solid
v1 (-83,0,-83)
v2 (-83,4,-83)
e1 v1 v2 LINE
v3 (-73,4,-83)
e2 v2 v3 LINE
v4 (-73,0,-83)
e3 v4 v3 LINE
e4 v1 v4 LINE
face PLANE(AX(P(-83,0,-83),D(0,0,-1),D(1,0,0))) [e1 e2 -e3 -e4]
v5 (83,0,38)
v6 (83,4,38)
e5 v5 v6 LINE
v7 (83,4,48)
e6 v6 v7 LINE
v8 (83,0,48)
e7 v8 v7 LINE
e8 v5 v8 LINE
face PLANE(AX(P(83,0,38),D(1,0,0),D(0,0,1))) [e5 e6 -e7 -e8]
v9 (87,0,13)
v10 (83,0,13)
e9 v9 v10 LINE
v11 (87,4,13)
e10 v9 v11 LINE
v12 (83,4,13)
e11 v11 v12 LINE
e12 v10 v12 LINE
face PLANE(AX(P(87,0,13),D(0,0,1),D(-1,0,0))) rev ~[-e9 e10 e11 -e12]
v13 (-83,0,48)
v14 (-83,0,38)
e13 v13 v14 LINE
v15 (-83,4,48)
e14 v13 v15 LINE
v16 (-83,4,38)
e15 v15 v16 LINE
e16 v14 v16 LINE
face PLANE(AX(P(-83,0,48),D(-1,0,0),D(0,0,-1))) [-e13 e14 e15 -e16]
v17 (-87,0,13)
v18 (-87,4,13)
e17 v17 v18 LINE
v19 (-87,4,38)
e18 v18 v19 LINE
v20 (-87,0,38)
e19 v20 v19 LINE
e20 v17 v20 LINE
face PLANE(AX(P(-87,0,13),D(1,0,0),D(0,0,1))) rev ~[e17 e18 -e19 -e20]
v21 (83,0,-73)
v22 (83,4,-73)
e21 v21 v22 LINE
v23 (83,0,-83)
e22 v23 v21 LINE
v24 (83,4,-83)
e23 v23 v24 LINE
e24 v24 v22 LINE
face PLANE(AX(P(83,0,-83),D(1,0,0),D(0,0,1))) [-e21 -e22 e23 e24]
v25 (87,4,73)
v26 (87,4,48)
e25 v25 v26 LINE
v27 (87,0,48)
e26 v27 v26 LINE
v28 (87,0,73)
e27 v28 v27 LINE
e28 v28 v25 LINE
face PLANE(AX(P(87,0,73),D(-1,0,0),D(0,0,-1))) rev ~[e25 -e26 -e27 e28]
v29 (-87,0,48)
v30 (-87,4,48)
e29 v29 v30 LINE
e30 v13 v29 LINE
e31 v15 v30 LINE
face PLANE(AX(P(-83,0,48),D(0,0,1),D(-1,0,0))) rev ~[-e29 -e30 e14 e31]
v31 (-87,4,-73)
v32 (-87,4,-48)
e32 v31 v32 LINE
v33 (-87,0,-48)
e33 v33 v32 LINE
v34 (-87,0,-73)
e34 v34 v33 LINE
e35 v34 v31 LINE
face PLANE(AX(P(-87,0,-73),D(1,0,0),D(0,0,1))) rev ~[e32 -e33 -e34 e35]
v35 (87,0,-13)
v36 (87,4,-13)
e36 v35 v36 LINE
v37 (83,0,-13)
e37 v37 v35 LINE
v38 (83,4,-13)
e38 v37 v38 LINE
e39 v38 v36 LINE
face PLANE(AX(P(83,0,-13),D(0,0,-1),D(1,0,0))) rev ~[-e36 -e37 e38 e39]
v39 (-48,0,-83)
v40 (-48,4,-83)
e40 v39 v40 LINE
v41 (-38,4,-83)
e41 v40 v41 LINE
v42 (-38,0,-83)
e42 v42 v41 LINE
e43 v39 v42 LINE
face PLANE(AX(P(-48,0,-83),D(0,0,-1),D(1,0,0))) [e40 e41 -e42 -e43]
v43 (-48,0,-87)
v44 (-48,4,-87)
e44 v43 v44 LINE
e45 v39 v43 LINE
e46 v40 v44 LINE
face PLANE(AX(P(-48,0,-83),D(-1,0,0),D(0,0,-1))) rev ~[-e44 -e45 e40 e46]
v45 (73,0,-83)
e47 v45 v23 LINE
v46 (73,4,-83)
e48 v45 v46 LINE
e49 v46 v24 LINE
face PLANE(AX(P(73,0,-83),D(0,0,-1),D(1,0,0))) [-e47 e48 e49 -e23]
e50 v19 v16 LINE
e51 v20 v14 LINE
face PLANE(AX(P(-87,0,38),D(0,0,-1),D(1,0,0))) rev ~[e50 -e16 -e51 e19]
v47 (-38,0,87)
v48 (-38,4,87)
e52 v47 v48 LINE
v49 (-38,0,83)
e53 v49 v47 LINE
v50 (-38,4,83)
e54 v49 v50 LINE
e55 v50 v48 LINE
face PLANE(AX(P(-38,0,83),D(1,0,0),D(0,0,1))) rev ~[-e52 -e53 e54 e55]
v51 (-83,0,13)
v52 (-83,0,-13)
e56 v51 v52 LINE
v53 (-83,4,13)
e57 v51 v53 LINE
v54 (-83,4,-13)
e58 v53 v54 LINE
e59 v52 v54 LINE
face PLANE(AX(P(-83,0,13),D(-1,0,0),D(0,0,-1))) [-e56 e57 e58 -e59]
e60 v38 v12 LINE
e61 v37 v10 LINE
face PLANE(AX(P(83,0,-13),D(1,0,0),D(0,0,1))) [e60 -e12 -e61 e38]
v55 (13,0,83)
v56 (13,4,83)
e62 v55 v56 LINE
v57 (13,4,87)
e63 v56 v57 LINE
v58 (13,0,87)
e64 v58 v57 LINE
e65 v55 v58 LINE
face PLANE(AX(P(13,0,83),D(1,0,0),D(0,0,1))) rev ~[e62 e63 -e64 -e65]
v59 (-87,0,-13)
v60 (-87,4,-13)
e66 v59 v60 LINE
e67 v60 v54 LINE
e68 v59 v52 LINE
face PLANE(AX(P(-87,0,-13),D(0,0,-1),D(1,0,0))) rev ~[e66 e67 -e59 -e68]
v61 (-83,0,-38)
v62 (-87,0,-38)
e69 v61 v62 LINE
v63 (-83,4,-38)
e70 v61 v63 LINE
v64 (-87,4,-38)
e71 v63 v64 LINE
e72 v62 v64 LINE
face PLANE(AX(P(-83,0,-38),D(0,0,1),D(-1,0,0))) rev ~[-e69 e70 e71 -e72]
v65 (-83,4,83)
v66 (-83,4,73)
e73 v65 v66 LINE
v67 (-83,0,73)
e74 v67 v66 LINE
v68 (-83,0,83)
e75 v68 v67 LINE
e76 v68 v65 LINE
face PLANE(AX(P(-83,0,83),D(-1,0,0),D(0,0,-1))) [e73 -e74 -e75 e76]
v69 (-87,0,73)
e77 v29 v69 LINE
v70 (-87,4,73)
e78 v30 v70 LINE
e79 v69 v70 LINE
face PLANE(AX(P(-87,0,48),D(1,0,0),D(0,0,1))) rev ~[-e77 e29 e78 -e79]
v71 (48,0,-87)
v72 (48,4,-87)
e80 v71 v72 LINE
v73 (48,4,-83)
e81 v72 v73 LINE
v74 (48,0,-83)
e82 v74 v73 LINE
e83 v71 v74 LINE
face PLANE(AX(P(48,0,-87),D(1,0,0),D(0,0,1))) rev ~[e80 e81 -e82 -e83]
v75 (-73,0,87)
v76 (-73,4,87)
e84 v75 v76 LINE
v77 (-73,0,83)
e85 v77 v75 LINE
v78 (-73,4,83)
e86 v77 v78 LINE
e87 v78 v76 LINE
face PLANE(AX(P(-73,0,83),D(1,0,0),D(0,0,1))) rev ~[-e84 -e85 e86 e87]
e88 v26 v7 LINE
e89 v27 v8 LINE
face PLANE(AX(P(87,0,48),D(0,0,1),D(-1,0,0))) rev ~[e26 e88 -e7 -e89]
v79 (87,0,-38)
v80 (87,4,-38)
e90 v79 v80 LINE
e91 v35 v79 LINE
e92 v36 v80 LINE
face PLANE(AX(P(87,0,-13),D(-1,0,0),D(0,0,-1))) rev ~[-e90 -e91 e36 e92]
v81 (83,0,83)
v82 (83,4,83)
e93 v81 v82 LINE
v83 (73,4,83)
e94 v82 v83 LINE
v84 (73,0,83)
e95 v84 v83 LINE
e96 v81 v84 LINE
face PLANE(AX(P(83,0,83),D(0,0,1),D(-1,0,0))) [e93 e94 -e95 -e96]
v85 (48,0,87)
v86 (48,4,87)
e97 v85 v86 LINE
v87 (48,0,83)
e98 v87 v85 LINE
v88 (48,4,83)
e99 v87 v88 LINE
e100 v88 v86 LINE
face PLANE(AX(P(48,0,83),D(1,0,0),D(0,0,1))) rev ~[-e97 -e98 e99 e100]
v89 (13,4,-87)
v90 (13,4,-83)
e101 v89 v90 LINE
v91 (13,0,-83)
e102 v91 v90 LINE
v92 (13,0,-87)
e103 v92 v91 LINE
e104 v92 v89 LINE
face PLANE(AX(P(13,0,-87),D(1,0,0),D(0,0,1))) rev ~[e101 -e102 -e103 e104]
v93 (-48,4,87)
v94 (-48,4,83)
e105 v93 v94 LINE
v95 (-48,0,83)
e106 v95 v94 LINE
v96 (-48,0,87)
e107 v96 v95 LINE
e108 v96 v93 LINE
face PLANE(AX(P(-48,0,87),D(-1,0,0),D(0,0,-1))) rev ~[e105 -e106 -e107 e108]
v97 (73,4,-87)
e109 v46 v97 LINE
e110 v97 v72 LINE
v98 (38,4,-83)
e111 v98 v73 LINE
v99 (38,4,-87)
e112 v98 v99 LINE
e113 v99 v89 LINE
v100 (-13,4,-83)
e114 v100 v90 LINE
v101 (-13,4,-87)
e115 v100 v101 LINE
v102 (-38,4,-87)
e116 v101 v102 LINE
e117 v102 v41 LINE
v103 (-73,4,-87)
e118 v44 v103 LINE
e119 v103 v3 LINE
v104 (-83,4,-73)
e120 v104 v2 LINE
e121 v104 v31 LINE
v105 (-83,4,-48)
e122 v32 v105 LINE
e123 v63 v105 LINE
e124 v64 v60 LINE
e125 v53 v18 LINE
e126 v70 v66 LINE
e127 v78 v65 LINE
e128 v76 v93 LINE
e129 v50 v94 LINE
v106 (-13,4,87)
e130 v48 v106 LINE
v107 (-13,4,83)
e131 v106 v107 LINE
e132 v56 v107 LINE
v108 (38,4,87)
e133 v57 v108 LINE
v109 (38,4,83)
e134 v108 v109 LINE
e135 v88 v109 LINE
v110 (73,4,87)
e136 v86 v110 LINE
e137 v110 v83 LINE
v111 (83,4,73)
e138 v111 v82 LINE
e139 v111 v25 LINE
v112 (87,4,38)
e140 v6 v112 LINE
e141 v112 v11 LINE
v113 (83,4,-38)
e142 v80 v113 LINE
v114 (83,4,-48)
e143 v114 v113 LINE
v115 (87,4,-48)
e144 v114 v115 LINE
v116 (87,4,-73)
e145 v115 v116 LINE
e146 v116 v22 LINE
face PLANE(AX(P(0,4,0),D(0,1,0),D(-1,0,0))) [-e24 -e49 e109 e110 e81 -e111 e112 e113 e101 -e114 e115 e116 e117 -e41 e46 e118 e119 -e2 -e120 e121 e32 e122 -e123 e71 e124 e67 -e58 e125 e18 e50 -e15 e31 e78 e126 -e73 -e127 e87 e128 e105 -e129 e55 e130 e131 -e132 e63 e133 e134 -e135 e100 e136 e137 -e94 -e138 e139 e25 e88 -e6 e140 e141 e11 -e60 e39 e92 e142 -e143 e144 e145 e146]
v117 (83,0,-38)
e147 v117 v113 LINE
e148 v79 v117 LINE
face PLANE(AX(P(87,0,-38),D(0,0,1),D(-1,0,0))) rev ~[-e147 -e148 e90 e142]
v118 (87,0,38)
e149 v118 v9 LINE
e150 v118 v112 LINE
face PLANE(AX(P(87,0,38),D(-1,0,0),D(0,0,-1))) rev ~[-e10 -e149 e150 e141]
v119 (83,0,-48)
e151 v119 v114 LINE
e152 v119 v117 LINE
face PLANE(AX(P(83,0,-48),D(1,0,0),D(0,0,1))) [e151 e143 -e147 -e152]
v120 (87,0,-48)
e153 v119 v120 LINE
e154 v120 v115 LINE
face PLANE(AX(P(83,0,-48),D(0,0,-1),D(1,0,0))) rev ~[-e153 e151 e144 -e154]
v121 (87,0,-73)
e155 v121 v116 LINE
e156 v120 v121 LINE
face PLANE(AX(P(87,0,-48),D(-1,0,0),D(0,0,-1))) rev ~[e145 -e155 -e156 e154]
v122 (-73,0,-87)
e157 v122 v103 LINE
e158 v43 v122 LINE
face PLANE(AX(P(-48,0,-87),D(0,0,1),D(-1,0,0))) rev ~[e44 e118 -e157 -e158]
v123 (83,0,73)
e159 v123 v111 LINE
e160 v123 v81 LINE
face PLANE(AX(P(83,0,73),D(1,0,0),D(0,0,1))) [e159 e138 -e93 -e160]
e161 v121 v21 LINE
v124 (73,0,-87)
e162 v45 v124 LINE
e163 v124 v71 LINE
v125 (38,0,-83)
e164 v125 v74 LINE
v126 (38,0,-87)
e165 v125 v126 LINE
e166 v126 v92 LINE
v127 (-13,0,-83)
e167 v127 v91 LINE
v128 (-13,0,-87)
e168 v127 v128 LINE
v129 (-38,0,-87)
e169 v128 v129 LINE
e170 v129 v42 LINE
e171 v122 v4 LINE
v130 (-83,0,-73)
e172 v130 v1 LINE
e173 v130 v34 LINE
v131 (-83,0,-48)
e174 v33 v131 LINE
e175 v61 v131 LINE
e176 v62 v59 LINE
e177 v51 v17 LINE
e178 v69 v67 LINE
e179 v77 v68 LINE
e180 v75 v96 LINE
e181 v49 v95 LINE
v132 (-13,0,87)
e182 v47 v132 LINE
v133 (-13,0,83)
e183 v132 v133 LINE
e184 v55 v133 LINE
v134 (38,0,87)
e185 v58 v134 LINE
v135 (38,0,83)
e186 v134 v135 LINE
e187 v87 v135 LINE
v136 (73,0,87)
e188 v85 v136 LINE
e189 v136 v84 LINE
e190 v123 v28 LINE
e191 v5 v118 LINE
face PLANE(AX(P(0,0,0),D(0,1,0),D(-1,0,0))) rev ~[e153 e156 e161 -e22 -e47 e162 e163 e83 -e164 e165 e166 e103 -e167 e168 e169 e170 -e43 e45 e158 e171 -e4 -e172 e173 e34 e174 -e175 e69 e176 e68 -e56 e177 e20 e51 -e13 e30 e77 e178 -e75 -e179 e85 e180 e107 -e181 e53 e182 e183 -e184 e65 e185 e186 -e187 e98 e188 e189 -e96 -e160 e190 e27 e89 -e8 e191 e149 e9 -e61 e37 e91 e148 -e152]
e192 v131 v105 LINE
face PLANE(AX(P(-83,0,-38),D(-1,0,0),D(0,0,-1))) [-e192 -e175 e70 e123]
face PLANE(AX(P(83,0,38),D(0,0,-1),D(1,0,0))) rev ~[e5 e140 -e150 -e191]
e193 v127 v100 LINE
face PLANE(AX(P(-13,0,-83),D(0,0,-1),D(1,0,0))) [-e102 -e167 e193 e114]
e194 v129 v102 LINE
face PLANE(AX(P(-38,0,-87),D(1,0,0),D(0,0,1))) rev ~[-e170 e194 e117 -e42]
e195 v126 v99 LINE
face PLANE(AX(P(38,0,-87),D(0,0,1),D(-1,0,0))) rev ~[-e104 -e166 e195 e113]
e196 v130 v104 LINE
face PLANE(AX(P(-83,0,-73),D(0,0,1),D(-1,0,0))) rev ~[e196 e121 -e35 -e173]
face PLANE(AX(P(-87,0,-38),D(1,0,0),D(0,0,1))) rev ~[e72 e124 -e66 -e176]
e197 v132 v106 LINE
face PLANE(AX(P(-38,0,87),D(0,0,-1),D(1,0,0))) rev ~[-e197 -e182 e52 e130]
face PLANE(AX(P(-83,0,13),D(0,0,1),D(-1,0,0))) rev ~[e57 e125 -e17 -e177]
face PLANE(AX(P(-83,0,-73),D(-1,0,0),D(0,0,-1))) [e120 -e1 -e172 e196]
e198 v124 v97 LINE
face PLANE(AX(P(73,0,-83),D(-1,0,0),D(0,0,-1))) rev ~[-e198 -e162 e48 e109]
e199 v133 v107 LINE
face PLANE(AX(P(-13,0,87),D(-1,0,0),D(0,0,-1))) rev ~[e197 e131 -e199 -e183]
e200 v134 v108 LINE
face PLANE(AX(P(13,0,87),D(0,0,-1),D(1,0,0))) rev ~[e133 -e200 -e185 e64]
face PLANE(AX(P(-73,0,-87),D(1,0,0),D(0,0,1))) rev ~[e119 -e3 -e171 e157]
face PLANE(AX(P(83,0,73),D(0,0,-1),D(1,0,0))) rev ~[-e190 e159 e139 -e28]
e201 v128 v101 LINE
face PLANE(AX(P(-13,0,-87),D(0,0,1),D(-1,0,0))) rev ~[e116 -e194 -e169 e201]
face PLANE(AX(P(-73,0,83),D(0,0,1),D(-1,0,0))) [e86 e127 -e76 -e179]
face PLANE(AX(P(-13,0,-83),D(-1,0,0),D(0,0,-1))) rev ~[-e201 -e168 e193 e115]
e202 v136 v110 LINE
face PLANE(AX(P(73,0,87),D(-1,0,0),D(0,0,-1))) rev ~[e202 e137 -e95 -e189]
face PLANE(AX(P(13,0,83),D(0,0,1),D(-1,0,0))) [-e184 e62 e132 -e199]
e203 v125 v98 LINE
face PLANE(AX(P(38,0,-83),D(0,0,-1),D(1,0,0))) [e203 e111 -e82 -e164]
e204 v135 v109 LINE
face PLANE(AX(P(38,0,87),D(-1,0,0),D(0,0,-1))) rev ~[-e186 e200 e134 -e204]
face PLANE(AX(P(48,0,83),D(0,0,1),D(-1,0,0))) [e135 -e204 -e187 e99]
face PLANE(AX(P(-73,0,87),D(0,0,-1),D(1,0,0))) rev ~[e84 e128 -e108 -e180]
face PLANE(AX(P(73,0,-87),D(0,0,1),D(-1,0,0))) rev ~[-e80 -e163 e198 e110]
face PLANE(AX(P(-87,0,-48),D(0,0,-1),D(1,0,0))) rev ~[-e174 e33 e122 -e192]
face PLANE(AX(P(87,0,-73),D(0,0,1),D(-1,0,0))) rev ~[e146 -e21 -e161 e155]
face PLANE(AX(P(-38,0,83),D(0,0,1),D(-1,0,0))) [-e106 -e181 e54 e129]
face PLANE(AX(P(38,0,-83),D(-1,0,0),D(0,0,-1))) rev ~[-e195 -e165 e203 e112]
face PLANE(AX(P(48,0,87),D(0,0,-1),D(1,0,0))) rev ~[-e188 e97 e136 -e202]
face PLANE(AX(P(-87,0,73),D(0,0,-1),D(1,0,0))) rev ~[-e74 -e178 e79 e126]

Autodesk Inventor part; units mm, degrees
ref_plane "YZ Plane" through (0, 0, 0) normal (1, 0, 0) x (0, 1, 0)
ref_plane "XZ Plane" through (0, 0, 0) normal (0, 1, 0) x (-1, 0, 0)
ref_plane "XY Plane" through (0, 0, 0) normal (0, 0, 1) x (1, 0, 0)
sketch "Sketch1" plane through (0, 0, 0) normal (0, 1, 0) x (-1, 0, 0)
  line L0 (-83, 83) -> (83, 83)
  line L1 (83, 83) -> (83, -83)
  line L2 (83, -83) -> (-83, -83)
  line L3 (-83, -83) -> (-83, 83)
  line L4 (-83, 83) -> (83, -83) construction
  line L5 (83, 83) -> (-83, -83) construction
  circle A0 centre (72, -72) radius 6 construction
  circle A1 centre (56, -72) radius 6 construction
  circle A2 centre (40, -72) radius 6 construction
  circle A3 centre (24, -72) radius 6 construction
  circle A4 centre (8, -72) radius 6 construction
  circle A5 centre (-8, -72) radius 6 construction
  circle A6 centre (-24, -72) radius 6 construction
  circle A7 centre (-40, -72) radius 6 construction
  circle A8 centre (-56, -72) radius 6 construction
  circle A9 centre (-72, -72) radius 6 construction
  circle A10 centre (72, -56) radius 6 construction
  circle A11 centre (56, -56) radius 6 construction
  circle A12 centre (40, -56) radius 6 construction
  circle A13 centre (24, -56) radius 6 construction
  circle A14 centre (8, -56) radius 6 construction
  circle A15 centre (-8, -56) radius 6 construction
  circle A16 centre (-24, -56) radius 6 construction
  circle A17 centre (-40, -56) radius 6 construction
  circle A18 centre (-56, -56) radius 6 construction
  circle A19 centre (-72, -56) radius 6 construction
  circle A20 centre (72, -40) radius 6 construction
  circle A21 centre (56, -40) radius 6 construction
  circle A22 centre (40, -40) radius 6 construction
  circle A23 centre (24, -40) radius 6 construction
  circle A24 centre (8, -40) radius 6 construction
  circle A25 centre (-8, -40) radius 6 construction
  circle A26 centre (-24, -40) radius 6 construction
  circle A27 centre (-40, -40) radius 6 construction
  circle A28 centre (-56, -40) radius 6 construction
  circle A29 centre (-72, -40) radius 6 construction
  circle A30 centre (72, -24) radius 6 construction
  circle A31 centre (56, -24) radius 6 construction
  circle A32 centre (40, -24) radius 6 construction
  circle A33 centre (24, -24) radius 6 construction
  circle A34 centre (8, -24) radius 6 construction
  circle A35 centre (-8, -24) radius 6 construction
  circle A36 centre (-24, -24) radius 6 construction
  circle A37 centre (-40, -24) radius 6 construction
  circle A38 centre (-56, -24) radius 6 construction
  circle A39 centre (-72, -24) radius 6 construction
  circle A40 centre (72, -8) radius 6 construction
  circle A41 centre (56, -8) radius 6 construction
  circle A42 centre (40, -8) radius 6 construction
  circle A43 centre (24, -8) radius 6 construction
  circle A44 centre (8, -8) radius 6 construction
  circle A45 centre (-8, -8) radius 6 construction
  circle A46 centre (-24, -8) radius 6 construction
  circle A47 centre (-40, -8) radius 6 construction
  circle A48 centre (-56, -8) radius 6 construction
  circle A49 centre (-72, -8) radius 6 construction
  circle A50 centre (72, 8) radius 6 construction
  circle A51 centre (56, 8) radius 6 construction
  circle A52 centre (40, 8) radius 6 construction
  circle A53 centre (24, 8) radius 6 construction
  circle A54 centre (8, 8) radius 6 construction
  circle A55 centre (-8, 8) radius 6 construction
  circle A56 centre (-24, 8) radius 6 construction
  circle A57 centre (-40, 8) radius 6 construction
  circle A58 centre (-56, 8) radius 6 construction
  circle A59 centre (-72, 8) radius 6 construction
  circle A60 centre (72, 24) radius 6 construction
  circle A61 centre (56, 24) radius 6 construction
  circle A62 centre (40, 24) radius 6 construction
  circle A63 centre (24, 24) radius 6 construction
  circle A64 centre (8, 24) radius 6 construction
  circle A65 centre (-8, 24) radius 6 construction
  circle A66 centre (-24, 24) radius 6 construction
  circle A67 centre (-40, 24) radius 6 construction
  circle A68 centre (-56, 24) radius 6 construction
  circle A69 centre (-72, 24) radius 6 construction
  circle A70 centre (72, 40) radius 6 construction
  circle A71 centre (56, 40) radius 6 construction
  circle A72 centre (40, 40) radius 6 construction
  circle A73 centre (24, 40) radius 6 construction
  circle A74 centre (8, 40) radius 6 construction
  circle A75 centre (-8, 40) radius 6 construction
  circle A76 centre (-24, 40) radius 6 construction
  circle A77 centre (-40, 40) radius 6 construction
  circle A78 centre (-56, 40) radius 6 construction
  circle A79 centre (-72, 40) radius 6 construction
  circle A80 centre (72, 56) radius 6 construction
  circle A81 centre (56, 56) radius 6 construction
  circle A82 centre (40, 56) radius 6 construction
  circle A83 centre (24, 56) radius 6 construction
  circle A84 centre (8, 56) radius 6 construction
  circle A85 centre (-8, 56) radius 6 construction
  circle A86 centre (-24, 56) radius 6 construction
  circle A87 centre (-40, 56) radius 6 construction
  circle A88 centre (-56, 56) radius 6 construction
  circle A89 centre (-72, 56) radius 6 construction
  circle A90 centre (72, 72) radius 6 construction
  circle A91 centre (56, 72) radius 6 construction
  circle A92 centre (40, 72) radius 6 construction
  circle A93 centre (24, 72) radius 6 construction
  circle A94 centre (8, 72) radius 6 construction
  circle A95 centre (-8, 72) radius 6 construction
  circle A96 centre (-24, 72) radius 6 construction
  circle A97 centre (-40, 72) radius 6 construction
  circle A98 centre (-56, 72) radius 6 construction
  circle A99 centre (-72, 72) radius 6 construction
  line L6 (72, -72) -> (-72, 72) construction
  line L7 (83, -73) -> (87, -73)
  line L8 (87, -73) -> (87, -48)
  line L9 (87, -48) -> (83, -48)
  line L10 (83, -48) -> (83, -73)
  line L11 (73, -83) -> (48, -83)
  line L12 (48, -83) -> (48, -87)
  line L13 (48, -87) -> (73, -87)
  line L14 (73, -87) -> (73, -83)
  line L15 (83, -38) -> (87, -38)
  line L16 (87, -38) -> (87, -13)
  line L17 (87, -13) -> (83, -13)
  line L18 (83, -13) -> (83, -38)
  line L19 (38, -83) -> (13, -83)
  line L20 (13, -83) -> (13, -87)
  line L21 (13, -87) -> (38, -87)
  line L22 (38, -87) -> (38, -83)
  line L23 (73, 83) -> (73, 87)
  line L24 (13, 87) -> (13, 83)
  line L25 (13, 83) -> (38, 83)
  line L26 (38, 83) -> (38, 87)
  line L27 (48, 87) -> (48, 83)
  line L28 (48, 83) -> (73, 83)
  line L29 (73, 87) -> (48, 87)
  line L30 (38, 87) -> (13, 87)
  line L31 (83, 73) -> (83, 48)
  line L32 (87, 73) -> (83, 73)
  line L33 (87, 48) -> (87, 73)
  line L34 (83, 48) -> (87, 48)
  line L35 (87, 38) -> (83, 38)
  line L36 (83, 13) -> (87, 13)
  line L37 (87, 13) -> (87, 38)
  line L38 (83, 38) -> (83, 13)
  line L39 (-83, 73) -> (-87, 73)
  line L40 (-87, 13) -> (-83, 13)
  line L41 (-83, 13) -> (-83, 38)
  line L42 (-83, 38) -> (-87, 38)
  line L43 (-87, 48) -> (-83, 48)
  line L44 (-83, 48) -> (-83, 73)
  line L45 (-87, 73) -> (-87, 48)
  line L46 (-87, 38) -> (-87, 13)
  line L47 (-73, 83) -> (-48, 83)
  line L48 (-73, 87) -> (-73, 83)
  line L49 (-48, 87) -> (-73, 87)
  line L50 (-48, 83) -> (-48, 87)
  line L51 (-38, 87) -> (-38, 83)
  line L52 (-13, 83) -> (-13, 87)
  line L53 (-13, 87) -> (-38, 87)
  line L54 (-38, 83) -> (-13, 83)
  line L55 (-73, -83) -> (-73, -87)
  line L56 (-13, -87) -> (-13, -83)
  line L57 (-13, -83) -> (-38, -83)
  line L58 (-38, -83) -> (-38, -87)
  line L59 (-48, -87) -> (-48, -83)
  line L60 (-48, -83) -> (-73, -83)
  line L61 (-73, -87) -> (-48, -87)
  line L62 (-38, -87) -> (-13, -87)
  line L63 (-83, -73) -> (-83, -48)
  line L64 (-87, -73) -> (-83, -73)
  line L65 (-87, -48) -> (-87, -73)
  line L66 (-83, -48) -> (-87, -48)
  line L67 (-87, -38) -> (-83, -38)
  line L68 (-83, -13) -> (-87, -13)
  line L69 (-87, -13) -> (-87, -38)
  line L70 (-83, -38) -> (-83, -13)
  point P0 (0, 0)
  point P1 (73, -85)
  point P2 (85, -38)
  point P3 (85, -48)
  point P4 (48, -85)
  point P5 (38, -85)
  point P6 (83, 83)
  point P7 (38, 85)
  point P8 (48, 85)
  point P9 (85, 73)
  point P10 (85, 48)
  point P11 (85, 38)
  point P12 (-83, 83)
  point P13 (-85, 38)
  point P14 (-85, 48)
  point P15 (-73, 85)
  point P16 (-48, 85)
  point P17 (-38, 85)
  point P18 (-38, -85)
  point P19 (-48, -85)
  point P20 (-85, -73)
  point P21 (-85, -48)
  point P22 (-85, -38)
  point P23 (-38, -83)
  dimension "d0" = 12
  dimension "d3" = 16
  dimension "d6" = 16
  dimension "d9" = 5
  dimension "d10" = 5
  dimension "d11" = 4
  dimension "d12" = 4
  dimension "d13" = 10
  dimension "d14" = 10
  dimension "d15" = 25
  dimension "d16" = 4
  dimension "d17" = 25
  dimension "d18" = 10
  dimension "d19" = 25
  dimension "d20" = 10
  dimension "d21" = 25
  dimension "d22" = 4
  dimension "d25" = 360
extrude "Extrusion1" add sketch "Sketch1" along normal blind 4
properties material "Wood (Birch)"
